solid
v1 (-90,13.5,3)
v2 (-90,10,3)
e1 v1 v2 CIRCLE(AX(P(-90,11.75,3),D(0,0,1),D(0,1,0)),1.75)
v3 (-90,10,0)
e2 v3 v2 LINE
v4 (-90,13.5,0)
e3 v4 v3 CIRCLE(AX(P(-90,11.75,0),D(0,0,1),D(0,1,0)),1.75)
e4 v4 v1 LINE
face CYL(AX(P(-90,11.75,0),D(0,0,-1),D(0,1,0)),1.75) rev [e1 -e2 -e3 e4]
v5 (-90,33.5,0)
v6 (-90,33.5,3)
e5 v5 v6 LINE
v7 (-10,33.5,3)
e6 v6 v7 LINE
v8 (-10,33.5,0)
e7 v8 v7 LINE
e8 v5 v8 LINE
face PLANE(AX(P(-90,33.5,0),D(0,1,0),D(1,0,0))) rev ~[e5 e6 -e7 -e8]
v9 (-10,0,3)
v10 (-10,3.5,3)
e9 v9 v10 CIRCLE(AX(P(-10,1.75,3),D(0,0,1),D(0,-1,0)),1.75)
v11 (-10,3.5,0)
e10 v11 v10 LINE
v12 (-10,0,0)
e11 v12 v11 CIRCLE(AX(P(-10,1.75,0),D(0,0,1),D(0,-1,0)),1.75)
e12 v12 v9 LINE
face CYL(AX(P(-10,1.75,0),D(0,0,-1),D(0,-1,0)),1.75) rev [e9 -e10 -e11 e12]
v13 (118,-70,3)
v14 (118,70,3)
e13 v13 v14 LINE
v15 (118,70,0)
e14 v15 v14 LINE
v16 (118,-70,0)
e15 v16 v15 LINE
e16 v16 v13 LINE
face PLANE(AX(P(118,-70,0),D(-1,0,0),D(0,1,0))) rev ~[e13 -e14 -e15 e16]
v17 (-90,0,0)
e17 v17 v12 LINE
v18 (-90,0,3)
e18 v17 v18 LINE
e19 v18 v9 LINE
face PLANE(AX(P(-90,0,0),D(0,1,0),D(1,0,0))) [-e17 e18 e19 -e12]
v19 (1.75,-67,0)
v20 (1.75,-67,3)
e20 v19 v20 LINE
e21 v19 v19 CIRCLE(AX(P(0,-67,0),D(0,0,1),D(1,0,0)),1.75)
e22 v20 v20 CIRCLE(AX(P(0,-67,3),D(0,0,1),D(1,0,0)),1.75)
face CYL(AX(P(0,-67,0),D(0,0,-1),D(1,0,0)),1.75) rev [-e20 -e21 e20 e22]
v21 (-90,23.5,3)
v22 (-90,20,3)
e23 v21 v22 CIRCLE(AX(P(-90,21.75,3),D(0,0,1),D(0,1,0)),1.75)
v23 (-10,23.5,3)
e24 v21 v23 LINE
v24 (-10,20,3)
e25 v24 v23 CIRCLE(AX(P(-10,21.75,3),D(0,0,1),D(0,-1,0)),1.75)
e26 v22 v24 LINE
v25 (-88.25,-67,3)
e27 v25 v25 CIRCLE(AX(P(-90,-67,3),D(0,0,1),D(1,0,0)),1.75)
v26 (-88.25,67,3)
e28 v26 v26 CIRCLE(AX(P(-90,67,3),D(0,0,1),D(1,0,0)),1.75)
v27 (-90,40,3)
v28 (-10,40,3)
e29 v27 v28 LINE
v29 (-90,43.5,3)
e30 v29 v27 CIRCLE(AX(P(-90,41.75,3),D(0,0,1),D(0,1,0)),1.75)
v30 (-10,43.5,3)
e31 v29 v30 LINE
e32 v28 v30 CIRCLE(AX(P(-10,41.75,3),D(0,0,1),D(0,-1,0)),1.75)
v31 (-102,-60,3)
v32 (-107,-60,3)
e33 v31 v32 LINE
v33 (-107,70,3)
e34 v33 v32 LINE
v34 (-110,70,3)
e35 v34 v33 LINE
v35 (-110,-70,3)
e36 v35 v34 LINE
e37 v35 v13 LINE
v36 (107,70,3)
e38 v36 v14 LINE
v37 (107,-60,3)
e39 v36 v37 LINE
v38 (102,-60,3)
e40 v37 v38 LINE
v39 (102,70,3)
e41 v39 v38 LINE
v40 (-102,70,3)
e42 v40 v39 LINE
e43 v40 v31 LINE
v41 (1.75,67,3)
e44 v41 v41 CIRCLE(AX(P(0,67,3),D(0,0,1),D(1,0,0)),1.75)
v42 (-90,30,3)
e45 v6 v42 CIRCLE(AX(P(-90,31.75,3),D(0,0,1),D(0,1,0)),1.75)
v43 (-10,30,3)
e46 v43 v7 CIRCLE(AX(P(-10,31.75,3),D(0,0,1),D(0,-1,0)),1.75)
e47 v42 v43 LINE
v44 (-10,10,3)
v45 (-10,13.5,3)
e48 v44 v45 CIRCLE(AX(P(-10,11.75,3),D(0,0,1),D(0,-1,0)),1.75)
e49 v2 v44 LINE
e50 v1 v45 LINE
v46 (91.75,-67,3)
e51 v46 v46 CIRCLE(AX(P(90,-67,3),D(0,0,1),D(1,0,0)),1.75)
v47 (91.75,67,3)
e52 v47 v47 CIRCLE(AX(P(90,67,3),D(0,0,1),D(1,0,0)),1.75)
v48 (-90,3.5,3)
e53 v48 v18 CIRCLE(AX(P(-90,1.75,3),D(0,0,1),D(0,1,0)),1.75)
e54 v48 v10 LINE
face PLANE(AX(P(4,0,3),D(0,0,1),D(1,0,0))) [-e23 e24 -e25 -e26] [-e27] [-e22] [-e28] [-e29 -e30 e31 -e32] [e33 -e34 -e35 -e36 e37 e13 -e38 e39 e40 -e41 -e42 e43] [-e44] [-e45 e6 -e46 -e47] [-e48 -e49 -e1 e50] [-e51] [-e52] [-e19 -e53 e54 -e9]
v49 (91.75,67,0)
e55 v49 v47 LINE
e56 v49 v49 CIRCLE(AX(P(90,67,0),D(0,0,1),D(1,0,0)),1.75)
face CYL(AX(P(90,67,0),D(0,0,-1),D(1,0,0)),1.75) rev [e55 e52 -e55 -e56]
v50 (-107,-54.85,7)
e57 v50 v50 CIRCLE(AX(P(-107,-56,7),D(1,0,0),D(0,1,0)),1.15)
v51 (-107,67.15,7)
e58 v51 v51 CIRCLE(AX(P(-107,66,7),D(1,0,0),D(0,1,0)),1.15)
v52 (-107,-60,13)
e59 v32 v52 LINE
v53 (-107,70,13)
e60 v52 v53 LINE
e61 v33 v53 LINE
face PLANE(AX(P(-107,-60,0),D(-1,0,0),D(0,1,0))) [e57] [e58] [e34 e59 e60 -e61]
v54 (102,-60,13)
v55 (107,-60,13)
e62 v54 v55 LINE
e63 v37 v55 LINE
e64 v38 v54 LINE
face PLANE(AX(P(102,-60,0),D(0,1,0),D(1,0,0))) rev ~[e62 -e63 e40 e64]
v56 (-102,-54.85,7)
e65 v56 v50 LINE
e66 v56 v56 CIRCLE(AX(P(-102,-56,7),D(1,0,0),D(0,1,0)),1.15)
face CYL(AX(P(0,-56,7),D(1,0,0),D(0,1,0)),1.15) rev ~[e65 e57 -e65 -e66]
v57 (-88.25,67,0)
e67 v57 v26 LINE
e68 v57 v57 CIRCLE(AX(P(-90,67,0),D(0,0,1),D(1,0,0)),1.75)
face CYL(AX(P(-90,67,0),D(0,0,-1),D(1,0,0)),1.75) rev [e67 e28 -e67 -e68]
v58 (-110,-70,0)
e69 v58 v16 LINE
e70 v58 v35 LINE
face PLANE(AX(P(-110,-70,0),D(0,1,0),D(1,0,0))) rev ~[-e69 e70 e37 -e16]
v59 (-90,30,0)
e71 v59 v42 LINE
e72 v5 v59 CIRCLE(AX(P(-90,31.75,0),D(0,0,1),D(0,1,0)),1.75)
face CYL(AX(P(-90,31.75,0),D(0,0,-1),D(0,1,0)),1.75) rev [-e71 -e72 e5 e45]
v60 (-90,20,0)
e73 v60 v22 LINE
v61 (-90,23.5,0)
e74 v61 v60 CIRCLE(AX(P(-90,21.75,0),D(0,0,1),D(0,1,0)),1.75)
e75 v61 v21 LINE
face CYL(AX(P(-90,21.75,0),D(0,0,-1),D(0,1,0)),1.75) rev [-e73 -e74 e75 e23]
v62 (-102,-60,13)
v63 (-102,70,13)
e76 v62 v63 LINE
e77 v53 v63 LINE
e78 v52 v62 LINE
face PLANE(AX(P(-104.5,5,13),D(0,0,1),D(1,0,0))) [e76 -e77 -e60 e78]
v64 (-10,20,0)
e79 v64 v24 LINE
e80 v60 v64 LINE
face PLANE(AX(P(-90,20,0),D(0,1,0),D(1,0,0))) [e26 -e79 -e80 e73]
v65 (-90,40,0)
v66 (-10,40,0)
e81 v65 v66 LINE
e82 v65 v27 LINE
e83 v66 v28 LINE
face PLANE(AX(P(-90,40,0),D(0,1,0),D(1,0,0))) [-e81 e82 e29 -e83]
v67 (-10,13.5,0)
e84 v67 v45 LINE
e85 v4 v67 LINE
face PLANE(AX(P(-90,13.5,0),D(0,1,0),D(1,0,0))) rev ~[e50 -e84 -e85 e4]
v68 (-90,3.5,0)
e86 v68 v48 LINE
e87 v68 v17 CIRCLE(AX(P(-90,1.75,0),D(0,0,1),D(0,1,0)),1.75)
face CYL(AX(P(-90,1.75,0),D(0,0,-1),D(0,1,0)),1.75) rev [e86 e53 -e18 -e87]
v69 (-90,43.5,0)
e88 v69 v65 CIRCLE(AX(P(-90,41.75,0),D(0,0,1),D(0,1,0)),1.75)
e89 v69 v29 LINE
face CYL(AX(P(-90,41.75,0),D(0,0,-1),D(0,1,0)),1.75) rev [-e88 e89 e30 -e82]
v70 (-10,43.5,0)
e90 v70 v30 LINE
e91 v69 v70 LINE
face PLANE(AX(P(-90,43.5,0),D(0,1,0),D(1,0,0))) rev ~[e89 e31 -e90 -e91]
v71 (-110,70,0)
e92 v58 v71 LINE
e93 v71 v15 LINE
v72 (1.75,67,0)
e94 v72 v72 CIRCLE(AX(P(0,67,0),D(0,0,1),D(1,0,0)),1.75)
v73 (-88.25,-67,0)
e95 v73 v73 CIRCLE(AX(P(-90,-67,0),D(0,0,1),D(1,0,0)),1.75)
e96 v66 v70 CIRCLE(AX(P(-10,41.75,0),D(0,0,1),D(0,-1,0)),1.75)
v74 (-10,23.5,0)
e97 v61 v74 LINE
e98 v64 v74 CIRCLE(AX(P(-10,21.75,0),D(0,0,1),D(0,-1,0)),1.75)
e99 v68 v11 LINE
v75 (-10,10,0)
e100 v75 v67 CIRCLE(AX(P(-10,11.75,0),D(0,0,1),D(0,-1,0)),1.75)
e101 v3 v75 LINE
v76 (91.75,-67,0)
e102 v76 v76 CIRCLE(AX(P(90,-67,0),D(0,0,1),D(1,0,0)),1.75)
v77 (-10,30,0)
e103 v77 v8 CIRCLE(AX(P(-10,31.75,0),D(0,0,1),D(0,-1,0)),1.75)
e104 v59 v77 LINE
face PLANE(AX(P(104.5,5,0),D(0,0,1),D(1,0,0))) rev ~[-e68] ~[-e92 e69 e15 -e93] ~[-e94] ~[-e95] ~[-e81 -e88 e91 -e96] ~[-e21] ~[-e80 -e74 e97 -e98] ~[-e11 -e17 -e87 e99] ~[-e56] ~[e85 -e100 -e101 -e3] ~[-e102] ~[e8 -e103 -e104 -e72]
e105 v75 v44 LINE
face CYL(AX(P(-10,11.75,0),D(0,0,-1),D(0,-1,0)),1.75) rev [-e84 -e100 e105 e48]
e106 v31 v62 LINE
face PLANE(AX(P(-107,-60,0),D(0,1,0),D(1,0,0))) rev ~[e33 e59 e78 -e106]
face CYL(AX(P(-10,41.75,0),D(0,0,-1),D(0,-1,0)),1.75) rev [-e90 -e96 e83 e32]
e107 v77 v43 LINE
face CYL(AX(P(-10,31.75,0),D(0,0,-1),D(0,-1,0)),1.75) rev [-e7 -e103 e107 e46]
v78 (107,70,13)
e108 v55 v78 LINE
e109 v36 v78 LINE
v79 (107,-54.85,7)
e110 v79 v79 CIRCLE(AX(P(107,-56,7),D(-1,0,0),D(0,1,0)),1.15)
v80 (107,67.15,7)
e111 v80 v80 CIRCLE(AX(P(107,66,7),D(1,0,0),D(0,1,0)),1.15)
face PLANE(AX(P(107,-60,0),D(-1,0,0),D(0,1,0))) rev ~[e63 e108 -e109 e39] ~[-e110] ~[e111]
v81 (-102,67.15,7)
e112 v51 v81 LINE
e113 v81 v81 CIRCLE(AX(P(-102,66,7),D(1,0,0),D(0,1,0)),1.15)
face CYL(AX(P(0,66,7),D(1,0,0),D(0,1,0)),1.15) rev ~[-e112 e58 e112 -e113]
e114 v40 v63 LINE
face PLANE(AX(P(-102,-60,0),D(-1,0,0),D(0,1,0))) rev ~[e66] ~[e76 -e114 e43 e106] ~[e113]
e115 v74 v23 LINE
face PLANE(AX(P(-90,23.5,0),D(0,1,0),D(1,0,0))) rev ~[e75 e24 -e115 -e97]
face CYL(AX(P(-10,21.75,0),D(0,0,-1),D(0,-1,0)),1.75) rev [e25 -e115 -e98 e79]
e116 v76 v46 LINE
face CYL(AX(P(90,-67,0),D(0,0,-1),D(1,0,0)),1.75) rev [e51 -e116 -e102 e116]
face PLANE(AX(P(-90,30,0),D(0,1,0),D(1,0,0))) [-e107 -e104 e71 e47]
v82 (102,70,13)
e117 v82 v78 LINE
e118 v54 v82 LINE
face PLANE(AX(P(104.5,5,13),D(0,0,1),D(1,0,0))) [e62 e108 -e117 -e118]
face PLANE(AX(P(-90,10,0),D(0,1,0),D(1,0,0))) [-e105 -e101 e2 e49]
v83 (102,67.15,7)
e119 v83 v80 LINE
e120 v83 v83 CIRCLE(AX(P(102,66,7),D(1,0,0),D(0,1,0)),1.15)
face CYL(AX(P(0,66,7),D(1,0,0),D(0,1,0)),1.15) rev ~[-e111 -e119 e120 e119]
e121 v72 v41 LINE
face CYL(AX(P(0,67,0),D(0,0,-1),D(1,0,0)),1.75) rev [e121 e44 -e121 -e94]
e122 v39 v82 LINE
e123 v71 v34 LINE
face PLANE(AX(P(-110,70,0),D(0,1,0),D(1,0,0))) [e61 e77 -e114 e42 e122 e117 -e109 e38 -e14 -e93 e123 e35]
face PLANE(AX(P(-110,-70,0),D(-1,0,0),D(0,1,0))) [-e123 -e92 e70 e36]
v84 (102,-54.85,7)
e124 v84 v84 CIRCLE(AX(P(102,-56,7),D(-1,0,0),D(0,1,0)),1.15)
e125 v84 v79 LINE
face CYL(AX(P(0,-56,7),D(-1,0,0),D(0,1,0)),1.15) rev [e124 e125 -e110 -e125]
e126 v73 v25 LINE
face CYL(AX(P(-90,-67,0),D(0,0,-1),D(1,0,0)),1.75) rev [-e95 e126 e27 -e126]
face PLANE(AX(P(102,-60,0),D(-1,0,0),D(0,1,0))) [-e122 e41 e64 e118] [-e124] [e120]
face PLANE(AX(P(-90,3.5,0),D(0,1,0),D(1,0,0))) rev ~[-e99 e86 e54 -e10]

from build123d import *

# Parameters (mm, degrees)
SKETCH_W     = 228
SKETCH_H     = 140
SKETCH_R     = 1.75
PAD_DEPTH    = 3
SKETCH001_W  = 5
SKETCH001_H  = 130
PAD001_DEPTH = 13
SKETCH002_R  = 1.15
POCKET_DEPTH = 112.5


with BuildPart() as part:
    # Sketch → Pad (new body)
    with BuildSketch(Plane.XY):
        with Locations((4, 0)):
            Rectangle(SKETCH_W, SKETCH_H)
        with Locations((-90, 67)):
            Circle(SKETCH_R, mode=Mode.SUBTRACT)
        with Locations((0, 67)):
            Circle(SKETCH_R, mode=Mode.SUBTRACT)
        with Locations((90, 67)):
            Circle(SKETCH_R, mode=Mode.SUBTRACT)
        with Locations((-90, -67)):
            Circle(SKETCH_R, mode=Mode.SUBTRACT)
        with Locations((0, -67)):
            Circle(SKETCH_R, mode=Mode.SUBTRACT)
        with Locations((90, -67)):
            Circle(SKETCH_R, mode=Mode.SUBTRACT)
        with BuildLine():
            ThreePointArc((-90, 43.5), (-91.75, 41.75), (-90, 40))
            Line((-90, 40), (-10, 40))
            ThreePointArc((-10, 40), (-8.25, 41.75), (-10, 43.5))
            Line((-90, 43.5), (-10, 43.5))
        make_face(mode=Mode.SUBTRACT)
        with BuildLine():
            ThreePointArc((-90, 33.5), (-91.75, 31.75), (-90, 30))
            Line((-90, 30), (-10, 30))
            ThreePointArc((-10, 30), (-8.25, 31.75), (-10, 33.5))
            Line((-90, 33.5), (-10, 33.5))
        make_face(mode=Mode.SUBTRACT)
        with BuildLine():
            ThreePointArc((-90, 23.5), (-91.75, 21.75), (-90, 20))
            Line((-90, 20), (-10, 20))
            ThreePointArc((-10, 20), (-8.25, 21.75), (-10, 23.5))
            Line((-90, 23.5), (-10, 23.5))
        make_face(mode=Mode.SUBTRACT)
        with BuildLine():
            ThreePointArc((-90, 13.5), (-91.75, 11.75), (-90, 10))
            Line((-90, 10), (-10, 10))
            ThreePointArc((-10, 10), (-8.25, 11.75), (-10, 13.5))
            Line((-90, 13.5), (-10, 13.5))
        make_face(mode=Mode.SUBTRACT)
        with BuildLine():
            ThreePointArc((-90, 3.5), (-91.75, 1.75), (-90, 0))
            Line((-90, 0), (-10, 0))
            ThreePointArc((-10, 0), (-8.25, 1.75), (-10, 3.5))
            Line((-90, 3.5), (-10, 3.5))
        make_face(mode=Mode.SUBTRACT)
    extrude(amount=PAD_DEPTH)

    # Sketch001 → Pad001 (join)
    with BuildSketch(Plane.XY):
        with Locations((104.5, 5)):
            Rectangle(SKETCH001_W, SKETCH001_H)
        with Locations((-104.5, 5)):
            Rectangle(SKETCH001_W, SKETCH001_H)
    extrude(amount=PAD001_DEPTH)

    # Sketch002 → Pocket (cut, symmetric)
    with BuildSketch(Plane.YZ):
        with Locations((-56, 7)):
            Circle(SKETCH002_R)
        with Locations((66, 7)):
            Circle(SKETCH002_R)
    extrude(amount=POCKET_DEPTH, both=True, mode=Mode.SUBTRACT)


solid = part.part
